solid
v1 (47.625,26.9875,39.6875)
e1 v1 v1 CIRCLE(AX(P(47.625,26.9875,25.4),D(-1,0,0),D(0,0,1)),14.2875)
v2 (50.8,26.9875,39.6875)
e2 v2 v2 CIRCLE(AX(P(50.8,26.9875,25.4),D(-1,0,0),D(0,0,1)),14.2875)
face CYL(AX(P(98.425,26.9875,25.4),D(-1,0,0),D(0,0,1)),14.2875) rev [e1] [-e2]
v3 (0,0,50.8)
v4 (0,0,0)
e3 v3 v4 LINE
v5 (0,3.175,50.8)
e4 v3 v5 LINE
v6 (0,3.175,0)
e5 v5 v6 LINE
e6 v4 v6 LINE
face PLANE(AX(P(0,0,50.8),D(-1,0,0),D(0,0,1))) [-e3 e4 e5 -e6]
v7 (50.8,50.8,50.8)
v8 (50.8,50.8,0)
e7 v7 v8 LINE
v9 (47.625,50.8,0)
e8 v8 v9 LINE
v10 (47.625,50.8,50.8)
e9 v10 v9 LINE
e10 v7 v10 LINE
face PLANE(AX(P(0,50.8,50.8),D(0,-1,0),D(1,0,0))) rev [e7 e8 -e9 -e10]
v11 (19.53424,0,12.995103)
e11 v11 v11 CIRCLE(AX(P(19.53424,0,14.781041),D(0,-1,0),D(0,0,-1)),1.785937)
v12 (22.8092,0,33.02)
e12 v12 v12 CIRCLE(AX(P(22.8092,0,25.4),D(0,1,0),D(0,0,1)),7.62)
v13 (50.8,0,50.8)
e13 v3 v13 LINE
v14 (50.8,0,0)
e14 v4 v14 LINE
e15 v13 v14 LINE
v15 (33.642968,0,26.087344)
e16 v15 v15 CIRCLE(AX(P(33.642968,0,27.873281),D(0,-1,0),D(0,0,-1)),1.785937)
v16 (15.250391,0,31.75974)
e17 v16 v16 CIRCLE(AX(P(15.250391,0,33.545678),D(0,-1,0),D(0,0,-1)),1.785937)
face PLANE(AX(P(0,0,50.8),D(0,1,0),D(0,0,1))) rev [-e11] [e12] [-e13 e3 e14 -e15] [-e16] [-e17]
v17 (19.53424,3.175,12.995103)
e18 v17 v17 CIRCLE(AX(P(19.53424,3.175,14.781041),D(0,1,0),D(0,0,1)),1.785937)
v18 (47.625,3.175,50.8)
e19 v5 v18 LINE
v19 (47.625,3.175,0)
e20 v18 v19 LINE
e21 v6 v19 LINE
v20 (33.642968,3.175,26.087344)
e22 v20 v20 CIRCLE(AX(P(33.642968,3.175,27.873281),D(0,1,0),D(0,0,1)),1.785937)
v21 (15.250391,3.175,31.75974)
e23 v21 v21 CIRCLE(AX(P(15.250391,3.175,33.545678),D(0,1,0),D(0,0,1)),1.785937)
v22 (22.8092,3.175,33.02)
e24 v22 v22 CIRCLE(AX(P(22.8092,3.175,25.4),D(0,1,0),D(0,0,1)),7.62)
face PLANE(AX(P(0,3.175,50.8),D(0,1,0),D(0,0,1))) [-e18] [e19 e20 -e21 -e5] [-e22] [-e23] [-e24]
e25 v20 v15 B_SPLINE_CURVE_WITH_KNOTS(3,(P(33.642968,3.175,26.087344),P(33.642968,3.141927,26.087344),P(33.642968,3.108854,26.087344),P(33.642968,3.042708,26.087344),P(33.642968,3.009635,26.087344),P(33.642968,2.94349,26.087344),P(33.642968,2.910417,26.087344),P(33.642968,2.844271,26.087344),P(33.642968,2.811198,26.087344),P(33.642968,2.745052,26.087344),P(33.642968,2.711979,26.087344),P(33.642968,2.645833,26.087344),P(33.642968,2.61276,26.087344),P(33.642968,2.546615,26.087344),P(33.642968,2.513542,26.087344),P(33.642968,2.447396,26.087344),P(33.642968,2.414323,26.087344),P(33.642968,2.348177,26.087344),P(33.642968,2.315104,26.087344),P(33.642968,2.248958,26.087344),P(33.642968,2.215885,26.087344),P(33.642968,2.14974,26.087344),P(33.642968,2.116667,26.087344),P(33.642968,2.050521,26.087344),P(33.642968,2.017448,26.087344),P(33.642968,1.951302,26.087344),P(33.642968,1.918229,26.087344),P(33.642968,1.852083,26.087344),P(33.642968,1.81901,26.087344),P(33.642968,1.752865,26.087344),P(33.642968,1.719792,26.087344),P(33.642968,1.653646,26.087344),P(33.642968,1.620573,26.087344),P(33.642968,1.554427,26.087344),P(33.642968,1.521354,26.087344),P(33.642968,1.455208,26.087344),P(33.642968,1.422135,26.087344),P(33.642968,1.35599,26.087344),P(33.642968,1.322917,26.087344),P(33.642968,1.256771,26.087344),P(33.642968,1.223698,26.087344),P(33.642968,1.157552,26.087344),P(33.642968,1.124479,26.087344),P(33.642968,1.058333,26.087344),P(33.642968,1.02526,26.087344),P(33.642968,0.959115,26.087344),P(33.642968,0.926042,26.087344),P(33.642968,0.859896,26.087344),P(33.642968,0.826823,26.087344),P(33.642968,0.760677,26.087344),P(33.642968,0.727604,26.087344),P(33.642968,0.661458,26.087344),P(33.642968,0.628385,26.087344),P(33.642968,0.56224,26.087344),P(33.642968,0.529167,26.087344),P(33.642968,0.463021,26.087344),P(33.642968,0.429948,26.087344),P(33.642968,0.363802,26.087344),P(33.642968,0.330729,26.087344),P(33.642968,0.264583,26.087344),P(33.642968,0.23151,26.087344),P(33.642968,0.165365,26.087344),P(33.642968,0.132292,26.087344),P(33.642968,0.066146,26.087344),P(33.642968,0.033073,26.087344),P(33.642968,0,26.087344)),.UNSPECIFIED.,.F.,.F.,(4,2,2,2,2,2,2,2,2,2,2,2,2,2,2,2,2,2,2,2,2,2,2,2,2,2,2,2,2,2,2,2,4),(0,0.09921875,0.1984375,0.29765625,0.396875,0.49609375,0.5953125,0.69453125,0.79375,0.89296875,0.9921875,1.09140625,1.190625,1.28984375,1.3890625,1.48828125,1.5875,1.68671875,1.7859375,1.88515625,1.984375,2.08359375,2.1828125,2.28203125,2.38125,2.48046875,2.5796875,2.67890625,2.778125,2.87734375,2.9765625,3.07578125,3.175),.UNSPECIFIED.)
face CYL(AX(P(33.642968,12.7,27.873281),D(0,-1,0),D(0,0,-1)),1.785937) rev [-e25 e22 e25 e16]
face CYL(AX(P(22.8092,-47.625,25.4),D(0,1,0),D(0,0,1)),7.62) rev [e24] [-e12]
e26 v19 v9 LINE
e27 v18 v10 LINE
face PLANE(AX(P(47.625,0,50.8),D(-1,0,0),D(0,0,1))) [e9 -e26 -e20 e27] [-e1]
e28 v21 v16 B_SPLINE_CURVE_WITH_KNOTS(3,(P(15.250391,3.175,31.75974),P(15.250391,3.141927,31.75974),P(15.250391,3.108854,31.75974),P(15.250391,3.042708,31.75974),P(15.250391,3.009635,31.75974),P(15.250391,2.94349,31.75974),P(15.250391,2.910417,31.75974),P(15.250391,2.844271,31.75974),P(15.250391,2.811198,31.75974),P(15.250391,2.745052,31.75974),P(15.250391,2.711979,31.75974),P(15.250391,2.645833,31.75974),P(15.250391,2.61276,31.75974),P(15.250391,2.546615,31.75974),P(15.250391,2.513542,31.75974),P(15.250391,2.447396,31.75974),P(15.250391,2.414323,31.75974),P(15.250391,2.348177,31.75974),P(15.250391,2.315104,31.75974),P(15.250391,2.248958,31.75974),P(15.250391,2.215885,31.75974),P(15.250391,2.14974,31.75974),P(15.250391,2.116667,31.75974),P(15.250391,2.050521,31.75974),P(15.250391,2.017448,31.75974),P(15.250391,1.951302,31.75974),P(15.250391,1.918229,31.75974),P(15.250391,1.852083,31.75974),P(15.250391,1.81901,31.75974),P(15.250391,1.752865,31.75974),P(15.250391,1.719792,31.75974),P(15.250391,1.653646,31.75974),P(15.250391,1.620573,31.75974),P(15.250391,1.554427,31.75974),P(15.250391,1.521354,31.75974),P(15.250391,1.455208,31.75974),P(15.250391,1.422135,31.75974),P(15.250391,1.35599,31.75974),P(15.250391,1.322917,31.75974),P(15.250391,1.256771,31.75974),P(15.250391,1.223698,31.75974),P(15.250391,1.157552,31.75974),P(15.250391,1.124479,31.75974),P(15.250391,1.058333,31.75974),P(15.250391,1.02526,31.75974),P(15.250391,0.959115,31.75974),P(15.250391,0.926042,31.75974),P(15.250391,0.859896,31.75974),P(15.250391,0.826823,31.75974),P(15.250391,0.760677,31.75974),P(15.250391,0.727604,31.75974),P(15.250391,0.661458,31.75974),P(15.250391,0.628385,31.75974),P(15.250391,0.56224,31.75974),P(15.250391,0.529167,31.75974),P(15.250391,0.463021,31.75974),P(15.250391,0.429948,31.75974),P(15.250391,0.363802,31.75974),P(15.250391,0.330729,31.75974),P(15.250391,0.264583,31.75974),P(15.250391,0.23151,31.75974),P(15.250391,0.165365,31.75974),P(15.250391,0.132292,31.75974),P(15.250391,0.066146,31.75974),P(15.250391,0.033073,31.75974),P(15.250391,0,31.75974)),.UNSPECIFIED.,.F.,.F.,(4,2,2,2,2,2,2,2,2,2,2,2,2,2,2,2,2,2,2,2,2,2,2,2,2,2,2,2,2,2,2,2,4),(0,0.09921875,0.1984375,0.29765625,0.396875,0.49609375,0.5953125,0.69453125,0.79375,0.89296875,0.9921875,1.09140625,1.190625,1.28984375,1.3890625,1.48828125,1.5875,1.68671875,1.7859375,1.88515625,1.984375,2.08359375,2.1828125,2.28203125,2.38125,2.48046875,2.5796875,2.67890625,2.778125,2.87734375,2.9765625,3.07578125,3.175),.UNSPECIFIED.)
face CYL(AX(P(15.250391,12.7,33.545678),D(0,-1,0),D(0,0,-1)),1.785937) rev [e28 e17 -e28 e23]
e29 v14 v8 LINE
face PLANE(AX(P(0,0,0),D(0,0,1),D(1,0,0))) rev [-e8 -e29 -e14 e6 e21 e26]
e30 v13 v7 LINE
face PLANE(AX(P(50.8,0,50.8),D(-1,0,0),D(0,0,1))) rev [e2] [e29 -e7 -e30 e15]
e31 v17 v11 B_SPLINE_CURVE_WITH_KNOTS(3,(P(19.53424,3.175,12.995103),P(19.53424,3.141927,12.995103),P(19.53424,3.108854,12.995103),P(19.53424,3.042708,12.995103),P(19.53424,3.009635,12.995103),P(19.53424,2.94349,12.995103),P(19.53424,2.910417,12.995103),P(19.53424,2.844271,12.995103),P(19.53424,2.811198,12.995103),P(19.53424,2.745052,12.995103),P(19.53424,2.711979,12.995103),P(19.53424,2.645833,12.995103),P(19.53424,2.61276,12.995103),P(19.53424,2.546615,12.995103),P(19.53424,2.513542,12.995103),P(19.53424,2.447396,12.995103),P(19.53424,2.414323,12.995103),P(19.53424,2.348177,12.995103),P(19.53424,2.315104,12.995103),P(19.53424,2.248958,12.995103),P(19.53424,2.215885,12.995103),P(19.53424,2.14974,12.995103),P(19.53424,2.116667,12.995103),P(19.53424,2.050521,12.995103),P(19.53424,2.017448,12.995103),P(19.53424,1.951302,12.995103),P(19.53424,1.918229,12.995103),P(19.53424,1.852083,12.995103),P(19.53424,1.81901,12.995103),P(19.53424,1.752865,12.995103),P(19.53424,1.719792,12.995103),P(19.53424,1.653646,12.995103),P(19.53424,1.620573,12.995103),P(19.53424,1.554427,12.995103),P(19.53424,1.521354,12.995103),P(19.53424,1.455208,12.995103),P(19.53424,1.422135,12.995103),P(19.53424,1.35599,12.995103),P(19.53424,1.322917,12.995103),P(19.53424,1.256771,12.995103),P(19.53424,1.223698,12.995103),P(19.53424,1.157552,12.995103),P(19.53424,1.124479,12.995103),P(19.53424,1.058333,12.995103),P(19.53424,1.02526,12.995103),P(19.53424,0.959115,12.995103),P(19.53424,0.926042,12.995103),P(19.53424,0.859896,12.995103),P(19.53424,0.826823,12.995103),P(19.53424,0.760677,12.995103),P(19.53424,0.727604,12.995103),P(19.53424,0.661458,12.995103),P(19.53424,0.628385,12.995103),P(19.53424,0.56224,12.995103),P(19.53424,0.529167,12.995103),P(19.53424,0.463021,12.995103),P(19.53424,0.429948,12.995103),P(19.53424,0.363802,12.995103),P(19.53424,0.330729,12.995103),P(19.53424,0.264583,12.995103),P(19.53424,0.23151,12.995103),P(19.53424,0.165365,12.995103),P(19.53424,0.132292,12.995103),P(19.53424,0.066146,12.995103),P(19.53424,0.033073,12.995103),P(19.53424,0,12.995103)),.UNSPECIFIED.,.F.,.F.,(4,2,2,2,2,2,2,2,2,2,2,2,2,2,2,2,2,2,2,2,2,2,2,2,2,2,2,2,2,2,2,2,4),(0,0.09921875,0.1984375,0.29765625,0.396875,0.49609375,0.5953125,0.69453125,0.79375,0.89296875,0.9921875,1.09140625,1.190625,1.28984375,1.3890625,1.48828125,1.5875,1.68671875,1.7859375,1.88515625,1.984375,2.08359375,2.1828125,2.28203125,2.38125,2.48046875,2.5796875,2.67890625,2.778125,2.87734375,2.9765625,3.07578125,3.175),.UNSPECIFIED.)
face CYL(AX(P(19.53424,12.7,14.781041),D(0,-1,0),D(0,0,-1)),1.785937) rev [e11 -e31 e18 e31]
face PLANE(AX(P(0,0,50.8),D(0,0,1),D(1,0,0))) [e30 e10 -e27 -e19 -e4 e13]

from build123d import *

# Parameters (mm, degrees)
BOSS_EXTRUDE1_DEPTH = 50.8
SKETCH2_R           = 14.2875
CUT_EXTRUDE1_DEPTH  = 50.8
SKETCH3_R           = 7.62
CUT_EXTRUDE2_DEPTH  = 50.8
SKETCH4_R           = 1.7859375
CUT_EXTRUDE3_DEPTH  = 12.7


with BuildPart() as part:
    # Sketch1 → Boss-Extrude1 (new body)
    with BuildSketch(Plane.XY):
        Polygon((0, 3.175), (0, 0), (47.625, 0), (50.8, 0), (50.8, 3.175), (50.8, 50.8), (47.625, 50.8), (47.625, 3.175), align=None)
    extrude(amount=BOSS_EXTRUDE1_DEPTH)

    # Sketch2 → Cut-Extrude1 (cut)
    with BuildSketch(Plane.ZY.offset(-47.625)):
        with Locations((25.4, 26.9875)):
            Circle(SKETCH2_R)
    extrude(amount=-CUT_EXTRUDE1_DEPTH, mode=Mode.SUBTRACT)

    # Sketch3 → Cut-Extrude2 (cut)
    with BuildSketch(Plane(origin=(0, 3.175, 0), x_dir=(1, 0, 0), z_dir=(0, 1, 0))):
        with Locations(Location((22.8092, -25.4, 0), (0, 0, 270))):
            Circle(SKETCH3_R)
    extrude(amount=-CUT_EXTRUDE2_DEPTH, mode=Mode.SUBTRACT)

    # Sketch4 → Cut-Extrude3 (cut)
    with BuildSketch(Plane.XZ):
        with Locations(Location((15.250391474, 33.54567799, 0), (0, 0, 270))):
            Circle(SKETCH4_R)
        with Locations(Location((19.534240193, 14.781040799, 0), (0, 0, 270))):
            Circle(SKETCH4_R)
        with Locations(Location((33.642968333, 27.873281211, 0), (0, 0, 270))):
            Circle(SKETCH4_R)
    extrude(amount=-CUT_EXTRUDE3_DEPTH, mode=Mode.SUBTRACT)


solid = part.part
